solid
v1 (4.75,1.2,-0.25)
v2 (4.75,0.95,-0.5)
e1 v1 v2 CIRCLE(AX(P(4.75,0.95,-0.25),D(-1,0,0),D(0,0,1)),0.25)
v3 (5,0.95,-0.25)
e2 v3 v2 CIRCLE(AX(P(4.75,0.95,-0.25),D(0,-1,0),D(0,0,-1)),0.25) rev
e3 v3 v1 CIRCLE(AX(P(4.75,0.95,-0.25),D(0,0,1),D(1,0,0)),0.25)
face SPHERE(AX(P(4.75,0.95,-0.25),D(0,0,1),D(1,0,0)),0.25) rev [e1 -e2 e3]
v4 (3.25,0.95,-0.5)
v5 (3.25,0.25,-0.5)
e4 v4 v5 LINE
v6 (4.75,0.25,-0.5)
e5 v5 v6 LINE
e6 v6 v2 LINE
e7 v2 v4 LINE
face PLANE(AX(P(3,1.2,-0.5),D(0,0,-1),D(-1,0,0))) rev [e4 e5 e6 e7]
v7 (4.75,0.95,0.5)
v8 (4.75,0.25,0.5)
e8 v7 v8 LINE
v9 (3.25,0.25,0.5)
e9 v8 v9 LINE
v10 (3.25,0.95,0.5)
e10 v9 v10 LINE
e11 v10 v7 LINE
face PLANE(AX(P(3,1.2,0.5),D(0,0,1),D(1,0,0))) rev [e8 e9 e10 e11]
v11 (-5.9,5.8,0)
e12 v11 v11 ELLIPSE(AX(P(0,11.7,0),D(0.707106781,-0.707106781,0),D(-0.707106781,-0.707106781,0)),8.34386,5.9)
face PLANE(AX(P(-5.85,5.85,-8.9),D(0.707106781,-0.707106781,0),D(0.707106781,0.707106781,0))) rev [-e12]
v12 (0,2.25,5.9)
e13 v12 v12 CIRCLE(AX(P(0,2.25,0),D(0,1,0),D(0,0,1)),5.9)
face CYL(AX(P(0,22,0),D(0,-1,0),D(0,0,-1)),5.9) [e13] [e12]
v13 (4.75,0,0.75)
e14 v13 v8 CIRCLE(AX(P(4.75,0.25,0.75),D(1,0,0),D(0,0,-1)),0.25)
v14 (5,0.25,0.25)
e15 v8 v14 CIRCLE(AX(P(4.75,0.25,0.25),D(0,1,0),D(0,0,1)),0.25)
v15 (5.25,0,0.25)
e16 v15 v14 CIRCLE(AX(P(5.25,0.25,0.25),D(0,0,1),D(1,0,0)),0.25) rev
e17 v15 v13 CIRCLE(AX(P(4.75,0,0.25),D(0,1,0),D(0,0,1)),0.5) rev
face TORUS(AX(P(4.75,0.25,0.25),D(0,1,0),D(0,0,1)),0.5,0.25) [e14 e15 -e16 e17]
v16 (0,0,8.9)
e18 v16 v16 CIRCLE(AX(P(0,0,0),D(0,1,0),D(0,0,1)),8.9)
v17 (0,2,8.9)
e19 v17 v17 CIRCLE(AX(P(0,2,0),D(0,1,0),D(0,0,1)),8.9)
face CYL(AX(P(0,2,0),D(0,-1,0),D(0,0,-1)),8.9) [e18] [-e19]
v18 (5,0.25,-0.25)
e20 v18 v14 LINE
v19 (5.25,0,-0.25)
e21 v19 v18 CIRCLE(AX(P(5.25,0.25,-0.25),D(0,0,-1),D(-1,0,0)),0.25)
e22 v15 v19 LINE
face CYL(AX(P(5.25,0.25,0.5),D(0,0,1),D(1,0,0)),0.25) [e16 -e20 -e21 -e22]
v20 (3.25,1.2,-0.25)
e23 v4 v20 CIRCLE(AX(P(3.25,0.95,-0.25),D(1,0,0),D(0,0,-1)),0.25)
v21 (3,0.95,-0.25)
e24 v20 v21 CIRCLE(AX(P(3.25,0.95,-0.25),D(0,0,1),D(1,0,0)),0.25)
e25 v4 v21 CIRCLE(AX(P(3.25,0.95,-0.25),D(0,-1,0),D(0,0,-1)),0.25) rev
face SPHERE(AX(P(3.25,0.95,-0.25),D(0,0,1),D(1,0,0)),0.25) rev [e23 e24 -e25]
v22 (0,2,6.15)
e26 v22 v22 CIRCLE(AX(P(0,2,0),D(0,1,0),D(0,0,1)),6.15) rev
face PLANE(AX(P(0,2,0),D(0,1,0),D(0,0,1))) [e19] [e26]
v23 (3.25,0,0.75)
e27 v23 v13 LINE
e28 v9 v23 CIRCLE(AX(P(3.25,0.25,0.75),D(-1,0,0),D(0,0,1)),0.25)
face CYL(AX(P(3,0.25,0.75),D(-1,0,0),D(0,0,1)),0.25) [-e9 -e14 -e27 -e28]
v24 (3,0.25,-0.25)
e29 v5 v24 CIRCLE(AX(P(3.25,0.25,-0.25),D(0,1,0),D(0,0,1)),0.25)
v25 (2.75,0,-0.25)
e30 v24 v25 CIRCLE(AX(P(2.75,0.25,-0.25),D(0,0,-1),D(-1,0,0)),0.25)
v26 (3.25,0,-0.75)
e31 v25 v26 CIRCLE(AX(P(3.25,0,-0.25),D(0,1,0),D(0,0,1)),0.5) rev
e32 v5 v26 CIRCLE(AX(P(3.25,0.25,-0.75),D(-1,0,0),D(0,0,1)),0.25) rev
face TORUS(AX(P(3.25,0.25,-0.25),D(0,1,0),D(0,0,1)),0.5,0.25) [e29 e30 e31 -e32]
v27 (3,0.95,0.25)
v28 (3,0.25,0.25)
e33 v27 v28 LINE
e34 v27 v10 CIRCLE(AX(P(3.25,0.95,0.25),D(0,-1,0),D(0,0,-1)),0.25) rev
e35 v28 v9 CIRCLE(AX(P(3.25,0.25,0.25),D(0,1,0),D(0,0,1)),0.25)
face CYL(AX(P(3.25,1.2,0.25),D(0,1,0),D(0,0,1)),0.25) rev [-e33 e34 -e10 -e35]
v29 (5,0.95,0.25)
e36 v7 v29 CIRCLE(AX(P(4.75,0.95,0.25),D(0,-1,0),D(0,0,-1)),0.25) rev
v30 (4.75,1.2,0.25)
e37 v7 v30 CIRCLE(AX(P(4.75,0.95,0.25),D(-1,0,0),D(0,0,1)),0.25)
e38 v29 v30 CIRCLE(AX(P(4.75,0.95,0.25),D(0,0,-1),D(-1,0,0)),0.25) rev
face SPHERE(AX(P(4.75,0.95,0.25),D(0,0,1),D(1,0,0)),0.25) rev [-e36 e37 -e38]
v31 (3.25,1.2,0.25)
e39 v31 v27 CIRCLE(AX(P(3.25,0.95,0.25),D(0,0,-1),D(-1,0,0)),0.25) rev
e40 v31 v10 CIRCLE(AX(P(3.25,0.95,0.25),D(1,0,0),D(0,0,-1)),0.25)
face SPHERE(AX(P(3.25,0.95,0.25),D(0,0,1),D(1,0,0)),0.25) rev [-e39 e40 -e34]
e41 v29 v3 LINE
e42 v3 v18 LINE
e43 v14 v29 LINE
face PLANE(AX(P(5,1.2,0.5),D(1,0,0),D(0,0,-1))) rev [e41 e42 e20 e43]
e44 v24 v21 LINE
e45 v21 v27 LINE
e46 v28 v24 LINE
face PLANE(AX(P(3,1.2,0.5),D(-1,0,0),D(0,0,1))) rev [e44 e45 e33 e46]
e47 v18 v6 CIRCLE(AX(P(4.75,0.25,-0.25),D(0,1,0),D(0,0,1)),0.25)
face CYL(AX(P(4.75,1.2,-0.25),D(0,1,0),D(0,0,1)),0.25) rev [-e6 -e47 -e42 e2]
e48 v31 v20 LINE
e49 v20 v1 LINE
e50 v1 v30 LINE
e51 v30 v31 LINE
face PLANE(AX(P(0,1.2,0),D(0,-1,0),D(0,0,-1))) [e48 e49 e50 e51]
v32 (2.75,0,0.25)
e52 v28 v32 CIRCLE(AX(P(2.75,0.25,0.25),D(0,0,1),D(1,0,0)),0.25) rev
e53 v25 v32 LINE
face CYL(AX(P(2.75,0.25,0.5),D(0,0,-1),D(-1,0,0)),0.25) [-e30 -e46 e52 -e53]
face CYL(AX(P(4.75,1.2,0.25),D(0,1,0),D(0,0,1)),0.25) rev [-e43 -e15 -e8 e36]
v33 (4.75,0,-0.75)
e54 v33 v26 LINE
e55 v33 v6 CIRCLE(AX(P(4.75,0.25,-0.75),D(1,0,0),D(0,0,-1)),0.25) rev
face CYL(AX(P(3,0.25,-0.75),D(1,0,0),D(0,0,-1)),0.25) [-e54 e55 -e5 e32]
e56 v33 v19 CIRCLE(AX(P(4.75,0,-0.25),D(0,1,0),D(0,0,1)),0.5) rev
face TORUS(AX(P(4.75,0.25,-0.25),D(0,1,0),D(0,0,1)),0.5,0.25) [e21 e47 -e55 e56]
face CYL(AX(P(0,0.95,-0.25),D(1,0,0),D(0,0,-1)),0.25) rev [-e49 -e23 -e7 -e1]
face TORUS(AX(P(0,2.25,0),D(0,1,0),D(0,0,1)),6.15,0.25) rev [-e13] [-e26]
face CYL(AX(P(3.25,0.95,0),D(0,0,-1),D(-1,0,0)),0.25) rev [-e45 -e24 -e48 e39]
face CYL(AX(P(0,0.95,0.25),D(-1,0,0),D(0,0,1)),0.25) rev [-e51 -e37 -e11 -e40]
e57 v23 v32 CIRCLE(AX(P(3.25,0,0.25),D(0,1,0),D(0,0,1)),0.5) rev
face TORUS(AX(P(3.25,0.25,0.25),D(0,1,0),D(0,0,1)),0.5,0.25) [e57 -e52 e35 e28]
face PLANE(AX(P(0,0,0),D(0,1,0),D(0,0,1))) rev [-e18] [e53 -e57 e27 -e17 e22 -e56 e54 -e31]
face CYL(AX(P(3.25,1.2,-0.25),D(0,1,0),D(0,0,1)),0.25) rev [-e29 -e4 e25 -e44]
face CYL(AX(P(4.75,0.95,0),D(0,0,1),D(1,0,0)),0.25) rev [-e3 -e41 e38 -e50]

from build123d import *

# Parameters (mm, degrees)
SKETCH1_R               = 8.9
BOSS_EXTRUDE1_DEPTH     = 2
SKETCH2_R               = 5.9
BOSS_EXTRUDE2_DEPTH     = 20
CUT_EXTRUDE1_DEPTH      = 26.346005602
CUT_EXTRUDE1_DEPTH_BACK = 26.346005602
SKETCH4_W               = 2
SKETCH4_H               = 1
CUT_EXTRUDE2_DEPTH      = 1.2
FILLET1_R               = 0.25
FILLET2_R               = 0.25


with BuildPart() as part:
    # Sketch1 → Boss-Extrude1 (new body)
    with BuildSketch(Plane(origin=(0, 0, 0), x_dir=(1, 0, 0), z_dir=(0, 1, 0))):
        with Locations(Location((0, 0, 0), (0, 0, 270))):
            Circle(SKETCH1_R)
    extrude(amount=BOSS_EXTRUDE1_DEPTH)

    # Sketch2 → Boss-Extrude2 (add)
    with BuildSketch(Plane(origin=(0, 2, 0), x_dir=(1, 0, 0), z_dir=(0, 1, 0))):
        with Locations(Location((0, 0, 0), (0, 0, 270))):
            Circle(SKETCH2_R)
    extrude(amount=BOSS_EXTRUDE2_DEPTH)

    # Sketch3 → Cut-Extrude1 (cut, two sides: drawn at the far end of the back side and taken through both)
    with BuildSketch(Plane.XY.offset(-CUT_EXTRUDE1_DEPTH_BACK)):
        Polygon((-6.28, 5.42), (6.28, 17.98), (6.28, 28.771900514), (-6.28, 28.771900514), align=None)
    extrude(amount=CUT_EXTRUDE1_DEPTH + CUT_EXTRUDE1_DEPTH_BACK, mode=Mode.SUBTRACT)

    # Sketch4 → Cut-Extrude2 (cut)
    with BuildSketch(Plane.XZ):
        with Locations((4, 0)):
            Rectangle(SKETCH4_W, SKETCH4_H)
    extrude(amount=-CUT_EXTRUDE2_DEPTH, mode=Mode.SUBTRACT)

    # Fillet1
    fillet1_edges = [part.edges().sort_by_distance(p)[0] for p in [
        (3, 1.2, 0),
        (3, 0.6, -0.5),
        (4, 1.2, 0.5),
        (3, 0.6, 0.5),
        (5, 1.2, 0),
        (5, 0.6, 0.5),
        (4, 1.2, -0.5),
        (5, 0.6, -0.5),
        (3, 0, 0),
        (4, 0, -0.5),
        (5, 0, 0),
        (4, 0, 0.5),
    ]]
    fillet(fillet1_edges, radius=FILLET1_R)

    # Fillet2
    fillet2_edges = [part.edges().sort_by_distance(p)[0] for p in [
        (0, 2, -5.9),
    ]]
    fillet(fillet2_edges, radius=FILLET2_R)


solid = part.part
